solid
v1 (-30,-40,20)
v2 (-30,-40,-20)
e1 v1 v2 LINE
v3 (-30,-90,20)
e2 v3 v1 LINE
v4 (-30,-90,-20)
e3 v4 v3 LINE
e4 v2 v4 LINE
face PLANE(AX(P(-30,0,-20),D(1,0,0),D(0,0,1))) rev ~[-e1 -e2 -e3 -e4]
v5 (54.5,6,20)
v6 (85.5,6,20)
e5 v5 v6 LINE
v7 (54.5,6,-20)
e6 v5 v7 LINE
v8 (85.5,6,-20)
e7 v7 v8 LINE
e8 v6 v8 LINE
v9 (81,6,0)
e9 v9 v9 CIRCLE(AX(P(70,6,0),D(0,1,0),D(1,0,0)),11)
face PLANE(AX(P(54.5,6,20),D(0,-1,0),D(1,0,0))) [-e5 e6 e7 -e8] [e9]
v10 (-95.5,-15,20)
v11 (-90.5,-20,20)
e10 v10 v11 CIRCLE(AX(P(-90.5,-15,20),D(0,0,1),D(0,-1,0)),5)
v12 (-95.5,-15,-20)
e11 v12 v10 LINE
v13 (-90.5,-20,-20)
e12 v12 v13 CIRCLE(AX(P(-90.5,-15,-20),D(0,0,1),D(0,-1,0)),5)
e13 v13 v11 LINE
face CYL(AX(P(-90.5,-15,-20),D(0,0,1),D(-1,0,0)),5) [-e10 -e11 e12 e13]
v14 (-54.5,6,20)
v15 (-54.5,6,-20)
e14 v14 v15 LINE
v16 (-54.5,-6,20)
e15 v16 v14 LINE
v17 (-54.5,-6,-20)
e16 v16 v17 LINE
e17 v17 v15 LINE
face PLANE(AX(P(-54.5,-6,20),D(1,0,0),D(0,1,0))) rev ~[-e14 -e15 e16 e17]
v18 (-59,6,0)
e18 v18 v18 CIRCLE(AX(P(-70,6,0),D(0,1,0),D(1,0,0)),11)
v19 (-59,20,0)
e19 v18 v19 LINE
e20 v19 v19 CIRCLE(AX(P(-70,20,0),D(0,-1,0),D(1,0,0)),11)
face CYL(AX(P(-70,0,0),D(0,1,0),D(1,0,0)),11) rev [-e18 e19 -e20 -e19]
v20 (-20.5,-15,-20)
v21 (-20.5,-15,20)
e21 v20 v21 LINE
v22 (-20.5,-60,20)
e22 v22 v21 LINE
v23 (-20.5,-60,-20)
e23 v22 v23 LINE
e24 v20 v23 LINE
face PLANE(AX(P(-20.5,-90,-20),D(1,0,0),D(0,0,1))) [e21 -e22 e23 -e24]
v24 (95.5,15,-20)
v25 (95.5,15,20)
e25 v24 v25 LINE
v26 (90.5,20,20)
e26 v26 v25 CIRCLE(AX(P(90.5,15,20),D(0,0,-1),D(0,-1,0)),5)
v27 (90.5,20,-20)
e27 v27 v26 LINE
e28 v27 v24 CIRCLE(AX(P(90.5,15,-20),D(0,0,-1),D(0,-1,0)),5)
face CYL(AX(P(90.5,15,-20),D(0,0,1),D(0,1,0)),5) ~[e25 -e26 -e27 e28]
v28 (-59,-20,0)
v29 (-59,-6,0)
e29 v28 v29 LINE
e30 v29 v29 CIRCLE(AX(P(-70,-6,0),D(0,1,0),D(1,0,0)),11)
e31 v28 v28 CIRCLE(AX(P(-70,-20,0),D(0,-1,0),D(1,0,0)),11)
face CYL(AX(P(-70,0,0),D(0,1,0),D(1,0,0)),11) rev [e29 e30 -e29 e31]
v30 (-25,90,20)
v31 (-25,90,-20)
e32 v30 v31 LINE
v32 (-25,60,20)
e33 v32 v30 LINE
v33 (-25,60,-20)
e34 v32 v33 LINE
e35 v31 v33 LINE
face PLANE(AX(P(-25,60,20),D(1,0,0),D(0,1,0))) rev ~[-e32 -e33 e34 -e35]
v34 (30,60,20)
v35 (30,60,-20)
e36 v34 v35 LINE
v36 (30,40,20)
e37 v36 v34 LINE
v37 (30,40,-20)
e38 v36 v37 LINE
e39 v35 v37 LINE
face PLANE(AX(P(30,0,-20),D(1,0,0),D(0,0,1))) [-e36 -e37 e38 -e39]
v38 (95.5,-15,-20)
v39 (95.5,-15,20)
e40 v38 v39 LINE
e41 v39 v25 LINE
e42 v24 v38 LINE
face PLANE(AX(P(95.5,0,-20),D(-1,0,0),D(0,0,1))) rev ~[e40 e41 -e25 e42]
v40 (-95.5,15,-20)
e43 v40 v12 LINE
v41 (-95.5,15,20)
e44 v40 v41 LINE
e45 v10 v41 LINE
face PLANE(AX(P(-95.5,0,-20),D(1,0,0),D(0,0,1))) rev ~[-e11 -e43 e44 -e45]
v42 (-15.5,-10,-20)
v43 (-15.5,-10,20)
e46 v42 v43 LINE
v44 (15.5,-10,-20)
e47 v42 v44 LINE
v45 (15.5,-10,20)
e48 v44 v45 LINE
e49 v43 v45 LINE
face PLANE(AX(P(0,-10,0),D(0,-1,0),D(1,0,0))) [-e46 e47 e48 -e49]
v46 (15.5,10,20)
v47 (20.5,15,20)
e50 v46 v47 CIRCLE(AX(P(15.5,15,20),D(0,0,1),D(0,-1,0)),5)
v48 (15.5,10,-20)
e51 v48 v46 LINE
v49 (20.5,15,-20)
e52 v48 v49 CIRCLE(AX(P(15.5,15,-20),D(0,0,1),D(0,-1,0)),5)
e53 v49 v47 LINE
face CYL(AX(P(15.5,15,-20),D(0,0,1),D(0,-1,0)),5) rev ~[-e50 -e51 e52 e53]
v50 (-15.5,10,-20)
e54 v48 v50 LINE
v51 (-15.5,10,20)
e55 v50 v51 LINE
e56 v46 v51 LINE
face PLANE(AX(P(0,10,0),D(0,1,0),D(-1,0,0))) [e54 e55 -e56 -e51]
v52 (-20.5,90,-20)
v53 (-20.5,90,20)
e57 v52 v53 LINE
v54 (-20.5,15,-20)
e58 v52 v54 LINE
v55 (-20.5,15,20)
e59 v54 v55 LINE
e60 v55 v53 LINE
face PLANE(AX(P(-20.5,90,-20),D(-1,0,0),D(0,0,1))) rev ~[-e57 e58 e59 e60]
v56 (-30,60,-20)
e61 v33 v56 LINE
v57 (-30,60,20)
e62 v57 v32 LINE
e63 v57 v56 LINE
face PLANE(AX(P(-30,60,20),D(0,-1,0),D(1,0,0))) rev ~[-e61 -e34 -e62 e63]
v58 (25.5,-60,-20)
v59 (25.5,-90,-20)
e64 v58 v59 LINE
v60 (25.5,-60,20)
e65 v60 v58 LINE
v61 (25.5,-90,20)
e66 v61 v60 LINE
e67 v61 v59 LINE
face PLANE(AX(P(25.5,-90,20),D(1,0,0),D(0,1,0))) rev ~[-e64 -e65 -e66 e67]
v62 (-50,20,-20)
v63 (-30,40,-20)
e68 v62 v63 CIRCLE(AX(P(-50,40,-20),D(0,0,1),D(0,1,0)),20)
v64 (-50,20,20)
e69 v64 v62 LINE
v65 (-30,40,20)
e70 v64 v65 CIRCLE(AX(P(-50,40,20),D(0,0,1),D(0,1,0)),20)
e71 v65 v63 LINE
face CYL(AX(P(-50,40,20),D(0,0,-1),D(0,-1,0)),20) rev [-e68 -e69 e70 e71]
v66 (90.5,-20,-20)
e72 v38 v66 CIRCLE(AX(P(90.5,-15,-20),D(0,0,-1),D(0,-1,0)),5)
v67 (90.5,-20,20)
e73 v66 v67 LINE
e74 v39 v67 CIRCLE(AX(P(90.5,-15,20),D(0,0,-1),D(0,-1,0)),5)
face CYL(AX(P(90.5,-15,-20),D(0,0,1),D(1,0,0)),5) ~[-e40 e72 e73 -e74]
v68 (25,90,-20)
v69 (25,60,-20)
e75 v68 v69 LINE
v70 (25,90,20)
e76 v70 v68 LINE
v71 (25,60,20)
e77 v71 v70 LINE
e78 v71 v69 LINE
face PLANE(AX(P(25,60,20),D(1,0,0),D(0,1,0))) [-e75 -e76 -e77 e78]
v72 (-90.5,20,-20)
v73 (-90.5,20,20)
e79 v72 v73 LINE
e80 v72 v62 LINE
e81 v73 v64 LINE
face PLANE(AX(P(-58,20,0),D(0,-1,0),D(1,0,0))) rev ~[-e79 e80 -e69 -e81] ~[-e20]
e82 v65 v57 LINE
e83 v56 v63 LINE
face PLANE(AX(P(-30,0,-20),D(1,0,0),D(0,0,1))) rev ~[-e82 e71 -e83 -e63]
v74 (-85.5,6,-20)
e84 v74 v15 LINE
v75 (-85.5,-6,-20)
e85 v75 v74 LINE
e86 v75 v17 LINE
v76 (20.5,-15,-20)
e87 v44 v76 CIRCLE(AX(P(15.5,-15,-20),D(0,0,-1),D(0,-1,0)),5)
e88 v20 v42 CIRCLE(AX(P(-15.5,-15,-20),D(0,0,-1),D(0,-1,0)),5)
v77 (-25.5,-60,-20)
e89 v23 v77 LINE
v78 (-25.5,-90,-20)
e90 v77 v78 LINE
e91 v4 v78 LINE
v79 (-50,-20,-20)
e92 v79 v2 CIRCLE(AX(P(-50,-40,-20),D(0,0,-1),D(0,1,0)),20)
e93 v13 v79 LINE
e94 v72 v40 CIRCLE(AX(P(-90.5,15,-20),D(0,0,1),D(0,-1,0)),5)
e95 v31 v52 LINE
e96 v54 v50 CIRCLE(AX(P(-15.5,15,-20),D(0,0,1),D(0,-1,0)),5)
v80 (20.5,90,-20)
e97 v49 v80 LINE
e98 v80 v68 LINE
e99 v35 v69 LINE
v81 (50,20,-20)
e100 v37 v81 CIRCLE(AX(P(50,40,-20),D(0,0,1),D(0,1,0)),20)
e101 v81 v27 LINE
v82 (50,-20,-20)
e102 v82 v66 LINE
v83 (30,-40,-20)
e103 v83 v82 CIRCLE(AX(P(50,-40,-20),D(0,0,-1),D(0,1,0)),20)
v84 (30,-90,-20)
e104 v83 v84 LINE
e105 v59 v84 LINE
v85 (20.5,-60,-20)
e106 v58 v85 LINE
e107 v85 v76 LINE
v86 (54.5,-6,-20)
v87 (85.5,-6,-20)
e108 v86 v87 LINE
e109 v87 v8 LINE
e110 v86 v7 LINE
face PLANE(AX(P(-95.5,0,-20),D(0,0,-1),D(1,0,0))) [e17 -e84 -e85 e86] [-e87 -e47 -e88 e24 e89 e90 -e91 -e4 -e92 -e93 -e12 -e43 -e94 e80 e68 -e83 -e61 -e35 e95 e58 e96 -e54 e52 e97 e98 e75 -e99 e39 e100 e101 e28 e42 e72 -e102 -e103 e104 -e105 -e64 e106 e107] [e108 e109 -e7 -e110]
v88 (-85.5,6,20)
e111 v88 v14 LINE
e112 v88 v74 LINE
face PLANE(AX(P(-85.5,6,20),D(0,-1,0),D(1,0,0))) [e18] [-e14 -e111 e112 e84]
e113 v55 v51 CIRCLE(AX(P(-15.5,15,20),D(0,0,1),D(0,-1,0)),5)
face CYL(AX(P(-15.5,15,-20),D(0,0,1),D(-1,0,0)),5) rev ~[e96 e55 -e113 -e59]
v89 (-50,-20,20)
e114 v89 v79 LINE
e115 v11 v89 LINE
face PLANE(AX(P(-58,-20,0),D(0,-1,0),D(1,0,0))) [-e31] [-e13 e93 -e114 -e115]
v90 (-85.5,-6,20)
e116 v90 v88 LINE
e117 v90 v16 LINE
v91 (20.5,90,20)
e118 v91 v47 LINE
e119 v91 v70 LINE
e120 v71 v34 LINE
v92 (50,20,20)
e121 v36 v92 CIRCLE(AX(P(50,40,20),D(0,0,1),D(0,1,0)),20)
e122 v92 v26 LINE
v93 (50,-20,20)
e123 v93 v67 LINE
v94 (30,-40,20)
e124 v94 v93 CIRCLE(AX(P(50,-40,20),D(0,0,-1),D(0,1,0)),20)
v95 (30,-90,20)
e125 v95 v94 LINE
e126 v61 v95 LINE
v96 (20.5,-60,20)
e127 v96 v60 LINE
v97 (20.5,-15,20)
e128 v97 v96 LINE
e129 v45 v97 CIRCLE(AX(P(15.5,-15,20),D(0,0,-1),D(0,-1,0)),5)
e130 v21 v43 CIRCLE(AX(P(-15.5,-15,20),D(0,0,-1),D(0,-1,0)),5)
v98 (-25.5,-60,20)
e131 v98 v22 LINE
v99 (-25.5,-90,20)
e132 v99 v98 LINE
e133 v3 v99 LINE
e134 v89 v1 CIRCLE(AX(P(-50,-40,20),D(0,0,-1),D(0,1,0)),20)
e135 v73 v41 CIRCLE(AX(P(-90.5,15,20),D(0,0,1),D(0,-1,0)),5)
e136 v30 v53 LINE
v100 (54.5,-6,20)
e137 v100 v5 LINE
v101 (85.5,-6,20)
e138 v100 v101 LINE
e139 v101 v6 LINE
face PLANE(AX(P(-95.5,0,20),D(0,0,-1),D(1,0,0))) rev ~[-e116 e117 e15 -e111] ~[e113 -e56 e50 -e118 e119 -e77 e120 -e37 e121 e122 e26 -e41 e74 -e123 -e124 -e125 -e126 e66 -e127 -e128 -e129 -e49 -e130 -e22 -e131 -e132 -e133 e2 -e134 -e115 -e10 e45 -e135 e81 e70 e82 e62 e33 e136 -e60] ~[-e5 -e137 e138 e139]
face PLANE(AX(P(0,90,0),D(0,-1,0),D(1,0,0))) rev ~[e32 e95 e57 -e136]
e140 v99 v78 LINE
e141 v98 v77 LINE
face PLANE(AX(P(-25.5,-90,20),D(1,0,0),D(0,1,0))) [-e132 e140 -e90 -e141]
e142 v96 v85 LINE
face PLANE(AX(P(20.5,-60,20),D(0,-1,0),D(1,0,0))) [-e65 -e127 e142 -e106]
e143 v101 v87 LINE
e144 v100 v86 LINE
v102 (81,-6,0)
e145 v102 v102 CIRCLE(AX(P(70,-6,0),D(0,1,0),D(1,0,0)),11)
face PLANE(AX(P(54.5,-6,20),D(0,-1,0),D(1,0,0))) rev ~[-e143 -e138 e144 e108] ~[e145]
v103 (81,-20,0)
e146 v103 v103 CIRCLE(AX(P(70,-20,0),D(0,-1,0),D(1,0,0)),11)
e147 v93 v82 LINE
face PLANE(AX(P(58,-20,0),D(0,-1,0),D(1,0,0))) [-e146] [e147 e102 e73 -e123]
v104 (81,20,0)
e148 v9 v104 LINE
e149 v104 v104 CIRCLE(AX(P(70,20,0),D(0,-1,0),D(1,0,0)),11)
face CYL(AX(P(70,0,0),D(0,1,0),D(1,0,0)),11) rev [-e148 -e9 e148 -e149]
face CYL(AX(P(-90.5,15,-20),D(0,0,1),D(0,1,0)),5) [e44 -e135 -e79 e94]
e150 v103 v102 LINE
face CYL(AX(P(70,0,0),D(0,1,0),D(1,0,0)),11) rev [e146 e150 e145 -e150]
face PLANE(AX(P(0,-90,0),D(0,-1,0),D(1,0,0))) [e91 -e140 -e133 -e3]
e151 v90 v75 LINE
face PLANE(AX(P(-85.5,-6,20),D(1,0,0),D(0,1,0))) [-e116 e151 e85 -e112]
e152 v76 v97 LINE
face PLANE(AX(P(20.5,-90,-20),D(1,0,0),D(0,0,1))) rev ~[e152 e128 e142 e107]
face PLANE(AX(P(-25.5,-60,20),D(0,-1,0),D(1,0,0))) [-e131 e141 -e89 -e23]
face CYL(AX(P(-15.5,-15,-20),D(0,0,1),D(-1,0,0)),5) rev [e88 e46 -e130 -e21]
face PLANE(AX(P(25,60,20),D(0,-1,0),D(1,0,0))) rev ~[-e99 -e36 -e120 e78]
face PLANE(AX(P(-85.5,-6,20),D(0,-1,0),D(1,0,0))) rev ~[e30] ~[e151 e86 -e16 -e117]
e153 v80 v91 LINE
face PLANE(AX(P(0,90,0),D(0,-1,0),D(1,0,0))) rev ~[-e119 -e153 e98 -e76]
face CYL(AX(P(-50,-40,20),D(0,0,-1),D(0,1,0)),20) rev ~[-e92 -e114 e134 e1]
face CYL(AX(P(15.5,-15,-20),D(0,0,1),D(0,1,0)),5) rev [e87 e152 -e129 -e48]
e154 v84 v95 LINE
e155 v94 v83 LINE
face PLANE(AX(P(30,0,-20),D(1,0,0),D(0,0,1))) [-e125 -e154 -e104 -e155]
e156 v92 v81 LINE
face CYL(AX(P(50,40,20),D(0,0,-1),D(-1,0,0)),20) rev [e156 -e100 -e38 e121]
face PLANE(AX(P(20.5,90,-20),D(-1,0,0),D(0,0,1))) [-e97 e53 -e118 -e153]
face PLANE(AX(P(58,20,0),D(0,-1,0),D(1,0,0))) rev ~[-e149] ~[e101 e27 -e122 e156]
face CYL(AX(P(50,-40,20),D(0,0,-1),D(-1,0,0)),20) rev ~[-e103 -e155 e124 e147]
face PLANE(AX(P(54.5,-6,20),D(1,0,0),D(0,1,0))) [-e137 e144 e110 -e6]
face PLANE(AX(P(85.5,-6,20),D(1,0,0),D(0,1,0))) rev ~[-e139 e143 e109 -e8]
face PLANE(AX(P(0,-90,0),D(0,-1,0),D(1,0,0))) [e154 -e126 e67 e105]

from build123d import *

# Parameters (mm, degrees)
F0_W      = 60
F0_H      = 40
F1_DEPTH  = 90
F2_W      = 41
F2_H      = 40
F3_DEPTH  = 80
F4_W      = 41
F4_H      = 40
F5_DEPTH  = 80
F6_W      = 75
F6_H      = 40
F6_R      = 11
F7_DEPTH  = 20
F8_W      = 31
F8_H      = 12
F9_DEPTH  = 40
F10_R     = 20
F11_R     = 5
F12_R     = 5
F13_W     = 5
F13_H     = 30
F14_DEPTH = 80


with BuildPart() as f1:
    # F0 (on Front) → F1 (new body, symmetric)
    with BuildSketch(Plane.XZ):
        Rectangle(F0_W, F0_H)
    extrude(amount=F1_DEPTH, both=True)

    # F2 (on face) → F3 (cut)
    with BuildSketch(Plane.XZ.offset(90)):
        Rectangle(F2_W, F2_H)
    extrude(amount=-F3_DEPTH, mode=Mode.SUBTRACT)

    # F4 (on face) → F5 (cut)
    with BuildSketch(Plane(origin=(0, 90, 0), x_dir=(-1, 0, 0), z_dir=(0, 1, 0))):
        Rectangle(F4_W, F4_H)
    extrude(amount=-F5_DEPTH, mode=Mode.SUBTRACT)

    # F6 (on Front) → F7 (join, symmetric)
    with BuildSketch(Plane.XZ):
        with Locations((58, 0)):
            Rectangle(F6_W, F6_H)
        with Locations((70, 0)):
            Circle(F6_R, mode=Mode.SUBTRACT)
        with Locations((-58, 0)):
            Rectangle(F6_W, F6_H)
        with Locations((-70, 0)):
            Circle(F6_R, mode=Mode.SUBTRACT)
    extrude(amount=F7_DEPTH, both=True)

    # F8 (on face) → F9 (cut)
    with BuildSketch(Plane.XY.offset(20)):
        with Locations((70, 0)):
            Rectangle(F8_W, F8_H)
        with Locations((-70, 0)):
            Rectangle(F8_W, F8_H)
    extrude(amount=-F9_DEPTH, mode=Mode.SUBTRACT)

    # F10
    f10_edges = [f1.edges().sort_by_distance(p)[0] for p in [
        (-30, -20, 0),
        (30, -20, 0),
        (-30, 20, 0),
        (30, 20, 0),
    ]]
    fillet(f10_edges, radius=F10_R)

    # F11
    f11_edges = [f1.edges().sort_by_distance(p)[0] for p in [
        (-95.5, 20, 0),
        (-95.5, -20, 0),
        (95.5, -20, 0),
        (95.5, 20, 0),
    ]]
    fillet(f11_edges, radius=F11_R)

    # F12
    f12_edges = [f1.edges().sort_by_distance(p)[0] for p in [
        (-20.5, -10, 0),
        (-20.5, 10, 0),
        (20.5, 10, 0),
        (20.5, -10, 0),
    ]]
    fillet(f12_edges, radius=F12_R)

    # F13 (on face) → F14 (cut)
    with BuildSketch(Plane.XY.offset(20)):
        with Locations((-27.5, 75)):
            Rectangle(F13_W, F13_H)
        with Locations((27.5, 75)):
            Rectangle(F13_W, F13_H)
        with Locations((-23, -75)):
            Rectangle(F13_W, F13_H)
        with Locations((23, -75)):
            Rectangle(F13_W, F13_H)
    extrude(amount=-F14_DEPTH, mode=Mode.SUBTRACT)


solid = f1.part
